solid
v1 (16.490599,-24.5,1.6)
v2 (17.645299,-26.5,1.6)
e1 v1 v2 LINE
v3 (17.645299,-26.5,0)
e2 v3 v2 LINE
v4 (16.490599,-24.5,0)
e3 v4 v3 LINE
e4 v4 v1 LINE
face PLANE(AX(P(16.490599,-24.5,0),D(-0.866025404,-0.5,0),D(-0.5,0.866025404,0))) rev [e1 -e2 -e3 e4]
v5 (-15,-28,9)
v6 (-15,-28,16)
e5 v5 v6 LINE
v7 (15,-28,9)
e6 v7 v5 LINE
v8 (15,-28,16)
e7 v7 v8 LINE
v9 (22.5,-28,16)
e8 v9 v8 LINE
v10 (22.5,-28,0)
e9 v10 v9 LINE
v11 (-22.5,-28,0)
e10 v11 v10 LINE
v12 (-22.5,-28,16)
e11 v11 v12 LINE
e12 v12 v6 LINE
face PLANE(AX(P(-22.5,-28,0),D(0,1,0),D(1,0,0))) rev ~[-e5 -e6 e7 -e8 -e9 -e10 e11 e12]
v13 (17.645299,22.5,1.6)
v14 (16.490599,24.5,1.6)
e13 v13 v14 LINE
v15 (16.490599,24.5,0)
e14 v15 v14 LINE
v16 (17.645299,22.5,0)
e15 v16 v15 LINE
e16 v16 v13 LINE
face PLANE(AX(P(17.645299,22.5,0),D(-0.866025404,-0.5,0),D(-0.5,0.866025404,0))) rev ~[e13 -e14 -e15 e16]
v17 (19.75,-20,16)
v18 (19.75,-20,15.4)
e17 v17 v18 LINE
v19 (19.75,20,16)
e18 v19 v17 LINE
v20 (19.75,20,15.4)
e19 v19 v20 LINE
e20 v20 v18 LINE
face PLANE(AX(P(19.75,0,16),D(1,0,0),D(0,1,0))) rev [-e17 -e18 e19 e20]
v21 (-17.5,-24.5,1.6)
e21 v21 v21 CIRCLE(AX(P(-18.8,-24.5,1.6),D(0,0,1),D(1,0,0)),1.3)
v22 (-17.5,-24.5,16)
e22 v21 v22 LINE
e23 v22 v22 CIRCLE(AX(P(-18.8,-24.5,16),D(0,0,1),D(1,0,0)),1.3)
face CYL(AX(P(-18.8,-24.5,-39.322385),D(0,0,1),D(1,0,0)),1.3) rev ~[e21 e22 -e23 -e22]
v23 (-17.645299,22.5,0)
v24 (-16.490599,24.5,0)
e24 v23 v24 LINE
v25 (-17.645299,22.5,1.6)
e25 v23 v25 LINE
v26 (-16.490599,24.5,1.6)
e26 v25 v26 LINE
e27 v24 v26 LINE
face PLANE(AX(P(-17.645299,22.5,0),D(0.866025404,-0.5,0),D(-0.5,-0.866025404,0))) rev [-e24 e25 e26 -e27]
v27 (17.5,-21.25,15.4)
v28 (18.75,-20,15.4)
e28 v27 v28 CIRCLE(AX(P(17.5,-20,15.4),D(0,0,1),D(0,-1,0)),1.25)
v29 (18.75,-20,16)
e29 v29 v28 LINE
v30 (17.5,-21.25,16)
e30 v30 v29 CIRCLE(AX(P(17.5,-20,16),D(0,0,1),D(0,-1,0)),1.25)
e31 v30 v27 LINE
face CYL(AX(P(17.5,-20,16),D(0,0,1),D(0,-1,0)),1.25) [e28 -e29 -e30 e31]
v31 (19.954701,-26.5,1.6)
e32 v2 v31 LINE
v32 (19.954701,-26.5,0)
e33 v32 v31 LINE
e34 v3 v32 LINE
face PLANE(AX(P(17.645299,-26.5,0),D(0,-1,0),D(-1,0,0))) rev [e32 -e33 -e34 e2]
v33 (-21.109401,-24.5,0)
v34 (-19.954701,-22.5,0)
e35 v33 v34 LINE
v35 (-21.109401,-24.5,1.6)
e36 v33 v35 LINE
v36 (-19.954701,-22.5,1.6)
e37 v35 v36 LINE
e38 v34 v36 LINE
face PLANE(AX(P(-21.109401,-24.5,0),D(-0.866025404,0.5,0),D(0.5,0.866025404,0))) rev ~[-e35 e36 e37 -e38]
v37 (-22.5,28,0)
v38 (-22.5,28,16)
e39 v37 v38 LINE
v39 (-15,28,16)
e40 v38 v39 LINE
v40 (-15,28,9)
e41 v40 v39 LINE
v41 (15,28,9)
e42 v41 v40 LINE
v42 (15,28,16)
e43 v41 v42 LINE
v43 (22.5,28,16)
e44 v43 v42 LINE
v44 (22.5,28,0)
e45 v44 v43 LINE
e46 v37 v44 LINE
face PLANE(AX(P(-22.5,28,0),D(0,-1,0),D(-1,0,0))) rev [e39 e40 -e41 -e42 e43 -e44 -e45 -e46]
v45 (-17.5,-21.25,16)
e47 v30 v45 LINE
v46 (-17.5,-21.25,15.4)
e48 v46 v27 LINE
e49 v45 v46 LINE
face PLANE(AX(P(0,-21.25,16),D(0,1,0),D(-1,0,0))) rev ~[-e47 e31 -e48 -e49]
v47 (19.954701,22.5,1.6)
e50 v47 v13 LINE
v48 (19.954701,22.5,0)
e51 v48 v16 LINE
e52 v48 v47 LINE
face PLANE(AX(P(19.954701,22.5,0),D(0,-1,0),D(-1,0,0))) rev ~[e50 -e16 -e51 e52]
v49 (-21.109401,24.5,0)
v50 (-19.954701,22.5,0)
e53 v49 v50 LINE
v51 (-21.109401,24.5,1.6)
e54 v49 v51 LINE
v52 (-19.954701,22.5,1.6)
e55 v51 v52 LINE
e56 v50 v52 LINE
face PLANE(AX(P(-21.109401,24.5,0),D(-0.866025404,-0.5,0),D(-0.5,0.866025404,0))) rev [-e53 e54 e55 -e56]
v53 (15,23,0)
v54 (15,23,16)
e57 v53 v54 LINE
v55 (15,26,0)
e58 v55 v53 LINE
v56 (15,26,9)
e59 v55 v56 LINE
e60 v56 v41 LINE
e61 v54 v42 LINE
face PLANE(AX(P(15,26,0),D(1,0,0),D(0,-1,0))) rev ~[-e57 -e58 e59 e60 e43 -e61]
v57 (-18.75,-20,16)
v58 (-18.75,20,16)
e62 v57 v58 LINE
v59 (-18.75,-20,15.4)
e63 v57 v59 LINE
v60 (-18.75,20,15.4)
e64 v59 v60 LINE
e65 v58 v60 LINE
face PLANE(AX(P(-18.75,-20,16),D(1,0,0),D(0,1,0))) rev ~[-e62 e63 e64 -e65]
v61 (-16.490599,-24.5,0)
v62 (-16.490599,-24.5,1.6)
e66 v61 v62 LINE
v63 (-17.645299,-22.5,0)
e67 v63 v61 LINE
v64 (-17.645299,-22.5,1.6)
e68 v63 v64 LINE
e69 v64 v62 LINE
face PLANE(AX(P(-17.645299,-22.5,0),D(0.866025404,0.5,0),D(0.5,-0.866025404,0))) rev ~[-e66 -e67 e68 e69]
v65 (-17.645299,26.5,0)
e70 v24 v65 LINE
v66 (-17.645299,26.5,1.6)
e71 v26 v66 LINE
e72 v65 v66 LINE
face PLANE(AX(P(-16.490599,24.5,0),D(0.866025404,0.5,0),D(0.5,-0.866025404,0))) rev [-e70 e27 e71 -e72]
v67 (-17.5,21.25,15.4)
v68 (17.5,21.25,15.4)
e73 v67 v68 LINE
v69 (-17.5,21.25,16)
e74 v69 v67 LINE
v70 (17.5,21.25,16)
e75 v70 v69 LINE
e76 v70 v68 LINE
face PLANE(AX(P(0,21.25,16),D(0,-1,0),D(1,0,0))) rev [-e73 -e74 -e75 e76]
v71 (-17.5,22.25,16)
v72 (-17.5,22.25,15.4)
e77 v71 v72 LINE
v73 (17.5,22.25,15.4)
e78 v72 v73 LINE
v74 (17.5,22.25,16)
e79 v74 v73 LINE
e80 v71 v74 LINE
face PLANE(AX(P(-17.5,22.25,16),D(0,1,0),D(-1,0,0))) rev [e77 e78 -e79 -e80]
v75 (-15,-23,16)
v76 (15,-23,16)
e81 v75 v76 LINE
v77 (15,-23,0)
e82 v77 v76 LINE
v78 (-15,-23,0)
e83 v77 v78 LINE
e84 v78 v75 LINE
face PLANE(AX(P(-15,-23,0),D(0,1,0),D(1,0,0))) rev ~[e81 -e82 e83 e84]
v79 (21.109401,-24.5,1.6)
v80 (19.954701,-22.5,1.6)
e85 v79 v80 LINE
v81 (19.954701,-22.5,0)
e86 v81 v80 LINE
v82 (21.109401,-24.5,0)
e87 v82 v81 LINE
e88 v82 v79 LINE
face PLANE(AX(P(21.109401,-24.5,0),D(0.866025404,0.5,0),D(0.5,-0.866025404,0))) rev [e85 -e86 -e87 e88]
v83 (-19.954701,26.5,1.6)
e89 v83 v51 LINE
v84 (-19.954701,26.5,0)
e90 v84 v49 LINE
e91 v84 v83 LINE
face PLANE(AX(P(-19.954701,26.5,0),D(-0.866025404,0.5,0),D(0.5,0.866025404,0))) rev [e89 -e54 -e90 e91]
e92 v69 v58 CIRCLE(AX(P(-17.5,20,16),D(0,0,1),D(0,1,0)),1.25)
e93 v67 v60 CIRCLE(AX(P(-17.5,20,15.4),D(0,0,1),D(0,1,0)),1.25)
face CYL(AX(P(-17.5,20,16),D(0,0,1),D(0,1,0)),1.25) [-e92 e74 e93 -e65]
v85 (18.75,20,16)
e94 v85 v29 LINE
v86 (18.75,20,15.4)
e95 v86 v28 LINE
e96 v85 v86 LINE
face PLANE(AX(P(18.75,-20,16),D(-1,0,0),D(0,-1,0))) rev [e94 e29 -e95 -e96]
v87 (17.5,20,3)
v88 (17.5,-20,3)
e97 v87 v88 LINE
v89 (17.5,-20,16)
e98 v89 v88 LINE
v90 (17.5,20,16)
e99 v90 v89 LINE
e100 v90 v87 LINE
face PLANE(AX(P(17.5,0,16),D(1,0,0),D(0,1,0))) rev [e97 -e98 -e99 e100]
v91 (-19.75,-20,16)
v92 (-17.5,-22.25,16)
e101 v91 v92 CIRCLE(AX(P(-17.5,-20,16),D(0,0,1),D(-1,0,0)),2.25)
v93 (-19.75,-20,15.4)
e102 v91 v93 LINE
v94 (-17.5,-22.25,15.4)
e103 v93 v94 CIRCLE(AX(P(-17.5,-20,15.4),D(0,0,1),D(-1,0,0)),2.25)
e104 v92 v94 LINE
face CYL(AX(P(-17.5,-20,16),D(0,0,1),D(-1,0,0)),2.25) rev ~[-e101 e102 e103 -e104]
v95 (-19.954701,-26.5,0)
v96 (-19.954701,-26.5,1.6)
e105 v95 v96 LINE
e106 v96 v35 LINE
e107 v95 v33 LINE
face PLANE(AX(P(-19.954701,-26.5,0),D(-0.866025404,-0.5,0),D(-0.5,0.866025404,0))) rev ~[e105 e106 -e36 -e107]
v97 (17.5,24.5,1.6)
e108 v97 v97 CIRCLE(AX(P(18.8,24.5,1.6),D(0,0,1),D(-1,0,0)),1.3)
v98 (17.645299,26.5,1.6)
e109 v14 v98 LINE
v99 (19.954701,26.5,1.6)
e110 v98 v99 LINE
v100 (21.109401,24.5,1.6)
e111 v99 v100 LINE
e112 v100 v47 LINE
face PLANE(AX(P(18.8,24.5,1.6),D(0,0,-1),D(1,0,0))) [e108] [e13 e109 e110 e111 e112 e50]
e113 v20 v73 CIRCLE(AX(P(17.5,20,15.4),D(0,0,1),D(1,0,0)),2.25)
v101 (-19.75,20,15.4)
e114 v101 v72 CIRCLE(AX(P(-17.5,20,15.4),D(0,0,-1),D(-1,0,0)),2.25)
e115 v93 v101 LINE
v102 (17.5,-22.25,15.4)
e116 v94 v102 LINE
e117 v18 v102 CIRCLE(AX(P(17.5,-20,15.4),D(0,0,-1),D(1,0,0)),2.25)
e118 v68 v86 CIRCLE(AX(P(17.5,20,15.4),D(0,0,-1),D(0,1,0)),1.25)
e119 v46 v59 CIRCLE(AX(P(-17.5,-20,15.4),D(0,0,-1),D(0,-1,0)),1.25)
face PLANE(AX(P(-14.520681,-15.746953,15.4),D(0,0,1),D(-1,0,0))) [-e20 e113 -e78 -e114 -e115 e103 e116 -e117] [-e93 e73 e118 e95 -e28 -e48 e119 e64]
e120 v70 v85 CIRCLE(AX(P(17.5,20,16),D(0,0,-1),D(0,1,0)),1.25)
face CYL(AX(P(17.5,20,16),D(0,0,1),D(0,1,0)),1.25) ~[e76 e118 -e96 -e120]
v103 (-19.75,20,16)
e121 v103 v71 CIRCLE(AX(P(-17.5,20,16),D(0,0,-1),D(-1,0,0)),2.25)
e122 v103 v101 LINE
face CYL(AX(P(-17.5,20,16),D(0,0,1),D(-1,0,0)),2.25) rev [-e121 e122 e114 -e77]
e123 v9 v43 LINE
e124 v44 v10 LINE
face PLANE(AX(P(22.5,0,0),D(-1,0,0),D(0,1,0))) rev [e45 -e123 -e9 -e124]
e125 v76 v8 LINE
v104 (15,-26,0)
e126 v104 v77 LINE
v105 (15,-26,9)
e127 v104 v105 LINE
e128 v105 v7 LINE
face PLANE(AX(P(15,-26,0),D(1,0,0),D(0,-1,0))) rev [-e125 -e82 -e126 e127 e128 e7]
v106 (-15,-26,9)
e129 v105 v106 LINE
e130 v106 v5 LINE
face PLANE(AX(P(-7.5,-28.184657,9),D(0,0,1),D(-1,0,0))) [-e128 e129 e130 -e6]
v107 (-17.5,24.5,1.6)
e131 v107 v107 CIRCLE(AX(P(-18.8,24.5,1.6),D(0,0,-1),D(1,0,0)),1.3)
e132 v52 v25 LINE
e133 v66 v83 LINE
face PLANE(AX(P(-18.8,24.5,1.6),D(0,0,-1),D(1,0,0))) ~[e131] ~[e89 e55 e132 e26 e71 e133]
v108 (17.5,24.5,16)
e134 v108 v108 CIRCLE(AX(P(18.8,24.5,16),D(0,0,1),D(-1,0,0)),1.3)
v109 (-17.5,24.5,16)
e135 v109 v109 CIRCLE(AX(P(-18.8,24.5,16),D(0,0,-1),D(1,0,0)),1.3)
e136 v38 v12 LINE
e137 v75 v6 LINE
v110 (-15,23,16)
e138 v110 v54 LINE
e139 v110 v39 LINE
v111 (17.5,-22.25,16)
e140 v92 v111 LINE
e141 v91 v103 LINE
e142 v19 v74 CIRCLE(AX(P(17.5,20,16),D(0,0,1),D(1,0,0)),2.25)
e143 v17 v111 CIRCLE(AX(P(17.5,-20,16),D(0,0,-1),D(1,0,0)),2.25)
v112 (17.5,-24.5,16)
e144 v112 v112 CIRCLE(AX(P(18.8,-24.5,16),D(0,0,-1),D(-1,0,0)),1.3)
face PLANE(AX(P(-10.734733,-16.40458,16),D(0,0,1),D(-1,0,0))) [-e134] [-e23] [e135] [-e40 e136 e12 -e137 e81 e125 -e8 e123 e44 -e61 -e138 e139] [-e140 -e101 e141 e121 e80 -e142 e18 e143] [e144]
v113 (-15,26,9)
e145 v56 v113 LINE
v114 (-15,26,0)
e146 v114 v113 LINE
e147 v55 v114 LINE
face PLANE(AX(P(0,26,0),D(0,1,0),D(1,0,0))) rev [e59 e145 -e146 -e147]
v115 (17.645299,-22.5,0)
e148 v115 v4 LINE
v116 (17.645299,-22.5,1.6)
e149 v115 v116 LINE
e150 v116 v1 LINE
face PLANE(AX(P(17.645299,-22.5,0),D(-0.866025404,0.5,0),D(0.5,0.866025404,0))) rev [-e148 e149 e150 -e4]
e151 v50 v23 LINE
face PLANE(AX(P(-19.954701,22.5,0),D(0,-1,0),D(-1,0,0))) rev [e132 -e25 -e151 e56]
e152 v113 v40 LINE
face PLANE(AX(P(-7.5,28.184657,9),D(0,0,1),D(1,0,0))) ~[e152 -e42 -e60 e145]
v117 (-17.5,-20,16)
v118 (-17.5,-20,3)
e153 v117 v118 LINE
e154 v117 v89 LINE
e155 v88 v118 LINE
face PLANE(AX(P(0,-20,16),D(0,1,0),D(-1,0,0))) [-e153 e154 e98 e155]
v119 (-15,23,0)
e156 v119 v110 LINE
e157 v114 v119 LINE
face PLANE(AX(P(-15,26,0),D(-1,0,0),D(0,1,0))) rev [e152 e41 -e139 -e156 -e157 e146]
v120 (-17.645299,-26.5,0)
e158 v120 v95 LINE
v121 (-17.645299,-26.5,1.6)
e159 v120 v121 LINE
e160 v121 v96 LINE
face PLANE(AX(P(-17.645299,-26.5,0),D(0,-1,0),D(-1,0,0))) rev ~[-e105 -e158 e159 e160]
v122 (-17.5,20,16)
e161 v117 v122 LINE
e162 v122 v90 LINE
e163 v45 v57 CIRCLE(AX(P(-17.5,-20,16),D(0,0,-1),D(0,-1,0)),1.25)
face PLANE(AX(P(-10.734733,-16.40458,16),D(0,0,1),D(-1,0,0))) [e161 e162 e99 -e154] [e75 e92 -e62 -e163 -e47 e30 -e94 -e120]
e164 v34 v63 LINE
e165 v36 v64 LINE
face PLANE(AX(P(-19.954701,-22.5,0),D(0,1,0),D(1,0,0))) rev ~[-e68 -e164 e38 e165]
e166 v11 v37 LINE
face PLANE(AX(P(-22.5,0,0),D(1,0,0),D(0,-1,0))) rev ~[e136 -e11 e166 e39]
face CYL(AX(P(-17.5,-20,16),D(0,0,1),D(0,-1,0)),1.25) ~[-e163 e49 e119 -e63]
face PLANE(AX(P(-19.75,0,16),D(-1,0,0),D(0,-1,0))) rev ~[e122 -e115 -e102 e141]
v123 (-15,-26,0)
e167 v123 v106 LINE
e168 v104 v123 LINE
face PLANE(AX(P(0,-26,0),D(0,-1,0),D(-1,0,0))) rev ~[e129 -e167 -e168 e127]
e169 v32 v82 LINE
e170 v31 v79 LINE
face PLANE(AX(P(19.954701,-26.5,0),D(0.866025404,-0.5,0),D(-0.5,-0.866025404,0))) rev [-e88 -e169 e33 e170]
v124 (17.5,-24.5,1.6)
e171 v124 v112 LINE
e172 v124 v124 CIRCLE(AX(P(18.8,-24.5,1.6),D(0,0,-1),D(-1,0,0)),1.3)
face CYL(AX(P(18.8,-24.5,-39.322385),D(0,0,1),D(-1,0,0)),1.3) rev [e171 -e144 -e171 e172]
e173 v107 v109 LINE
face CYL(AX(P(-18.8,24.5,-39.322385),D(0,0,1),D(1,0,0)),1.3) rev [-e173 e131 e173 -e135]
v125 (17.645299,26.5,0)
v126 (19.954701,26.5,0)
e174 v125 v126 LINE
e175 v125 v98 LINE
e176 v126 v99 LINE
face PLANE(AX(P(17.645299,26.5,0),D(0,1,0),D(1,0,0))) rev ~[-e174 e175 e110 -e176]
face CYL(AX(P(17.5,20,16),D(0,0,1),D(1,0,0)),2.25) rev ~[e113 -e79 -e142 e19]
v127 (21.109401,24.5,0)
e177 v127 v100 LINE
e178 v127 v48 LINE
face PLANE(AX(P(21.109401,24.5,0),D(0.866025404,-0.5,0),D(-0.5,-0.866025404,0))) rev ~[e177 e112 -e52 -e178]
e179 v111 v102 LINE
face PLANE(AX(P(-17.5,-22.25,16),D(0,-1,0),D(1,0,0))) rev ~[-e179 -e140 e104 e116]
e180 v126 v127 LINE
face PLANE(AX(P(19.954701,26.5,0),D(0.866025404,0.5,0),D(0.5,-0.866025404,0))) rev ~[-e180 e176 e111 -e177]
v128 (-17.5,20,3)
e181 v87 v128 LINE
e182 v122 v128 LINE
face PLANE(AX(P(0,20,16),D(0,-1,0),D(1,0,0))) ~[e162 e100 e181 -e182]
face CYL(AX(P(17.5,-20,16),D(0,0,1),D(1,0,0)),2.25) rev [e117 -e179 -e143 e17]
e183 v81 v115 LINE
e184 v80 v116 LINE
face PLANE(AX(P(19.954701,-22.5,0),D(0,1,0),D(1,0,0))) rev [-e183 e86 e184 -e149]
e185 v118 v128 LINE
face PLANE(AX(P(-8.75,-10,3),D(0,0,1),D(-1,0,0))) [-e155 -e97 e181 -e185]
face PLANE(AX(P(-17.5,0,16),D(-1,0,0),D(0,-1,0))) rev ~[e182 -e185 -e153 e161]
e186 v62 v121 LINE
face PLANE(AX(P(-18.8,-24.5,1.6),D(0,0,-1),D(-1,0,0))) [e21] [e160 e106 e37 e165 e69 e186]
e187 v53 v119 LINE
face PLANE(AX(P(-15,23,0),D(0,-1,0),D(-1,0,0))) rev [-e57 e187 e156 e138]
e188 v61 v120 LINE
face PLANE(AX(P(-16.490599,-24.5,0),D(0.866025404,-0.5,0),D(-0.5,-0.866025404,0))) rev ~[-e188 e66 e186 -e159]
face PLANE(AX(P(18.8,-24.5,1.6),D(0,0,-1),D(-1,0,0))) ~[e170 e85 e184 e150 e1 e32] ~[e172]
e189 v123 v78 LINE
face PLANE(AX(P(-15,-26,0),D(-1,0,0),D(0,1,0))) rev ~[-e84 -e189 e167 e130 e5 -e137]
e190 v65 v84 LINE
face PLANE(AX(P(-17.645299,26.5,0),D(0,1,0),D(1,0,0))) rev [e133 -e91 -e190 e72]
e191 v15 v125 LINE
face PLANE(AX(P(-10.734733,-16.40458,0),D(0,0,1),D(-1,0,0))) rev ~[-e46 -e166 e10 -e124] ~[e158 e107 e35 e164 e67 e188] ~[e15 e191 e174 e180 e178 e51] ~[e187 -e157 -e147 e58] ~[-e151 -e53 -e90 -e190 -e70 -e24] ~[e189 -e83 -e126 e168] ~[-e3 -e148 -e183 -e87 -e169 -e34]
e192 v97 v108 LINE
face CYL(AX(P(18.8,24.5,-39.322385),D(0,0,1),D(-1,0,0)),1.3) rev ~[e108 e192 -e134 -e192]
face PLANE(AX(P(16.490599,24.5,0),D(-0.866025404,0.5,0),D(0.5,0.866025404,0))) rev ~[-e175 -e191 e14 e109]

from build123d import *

# Parameters (mm, degrees)
F1_DEPTH  = 16
F2_W      = 17.5
F2_H      = 20
F3_DEPTH  = 13
F5_DEPTH  = 0.6
F7_DEPTH  = 1.6
F9_D      = 2.6
F10_W     = 15
F10_H     = 4.3693144321
F11_DEPTH = 7


with BuildPart() as f1:
    # F0 (on Top) → F1 (new body)
    with BuildSketch(Plane.XY):
        Polygon((15, 23), (0, 23), (0, 0), (22.5, 0), (22.5, 28), (0, 28), (0, 26), (15, 26), align=None)
    extrude(amount=F1_DEPTH)

    # F2 (on face) → F3 (cut)
    with BuildSketch(Plane.XY.offset(16)):
        with Locations((8.75, 10)):
            Rectangle(F2_W, F2_H)
    extrude(amount=-F3_DEPTH, mode=Mode.SUBTRACT)

    # F4 (on face) → F5 (cut)
    with BuildSketch(Plane.XY.offset(16)):
        with BuildLine():
            Line((17.5, 22.25), (0, 22.25))
            Line((0, 22.25), (0, 21.25))
            Line((0, 21.25), (17.5, 21.25))
            ThreePointArc((17.5, 21.25), (18.3838834765, 20.8838834765), (18.75, 20))
            Line((18.75, 20), (18.75, 0))
            Line((18.75, 0), (19.75, 0))
            Line((19.75, 0), (19.75, 20))
            ThreePointArc((19.75, 20), (19.0909902577, 21.5909902577), (17.5, 22.25))
        make_face()
    extrude(amount=-F5_DEPTH, mode=Mode.SUBTRACT)

    # F6 (on face) → F7 (cut)
    with BuildSketch(Plane(origin=(0, 0, 0), x_dir=(1, 0, 0), z_dir=(0, 0, -1))):
        Polygon((19.9547005384, -26.5), (21.1094010768, -24.5), (19.9547005384, -22.5), (17.6452994616, -22.5), (16.4905989232, -24.5), (17.6452994616, -26.5), align=None)
    extrude(amount=-F7_DEPTH, mode=Mode.SUBTRACT)

    # F9 (through all)
    with Locations(Plane(origin=(0, 0, 0), x_dir=(1, 0, 0), z_dir=(0, 0, -1))):
        with Locations((18.8, -24.5)):
            Hole(F9_D / 2)

    # F10 (on face) → F11 (cut)
    with BuildSketch(Plane.XY.offset(16)):
        with Locations((7.5, 28.1846572161)):
            Rectangle(F10_W, F10_H)
    extrude(amount=-F11_DEPTH, mode=Mode.SUBTRACT)

    # F12: F1 across plane


with BuildPart() as f1_1:
    add(f1.part)
    add(f1.part.mirror(Plane.YZ))

    # F13: F1 across plane


with BuildPart() as f1_2:
    add(f1_1.part)
    add(f1_1.part.mirror(Plane.XZ))


solid = f1_2.part
